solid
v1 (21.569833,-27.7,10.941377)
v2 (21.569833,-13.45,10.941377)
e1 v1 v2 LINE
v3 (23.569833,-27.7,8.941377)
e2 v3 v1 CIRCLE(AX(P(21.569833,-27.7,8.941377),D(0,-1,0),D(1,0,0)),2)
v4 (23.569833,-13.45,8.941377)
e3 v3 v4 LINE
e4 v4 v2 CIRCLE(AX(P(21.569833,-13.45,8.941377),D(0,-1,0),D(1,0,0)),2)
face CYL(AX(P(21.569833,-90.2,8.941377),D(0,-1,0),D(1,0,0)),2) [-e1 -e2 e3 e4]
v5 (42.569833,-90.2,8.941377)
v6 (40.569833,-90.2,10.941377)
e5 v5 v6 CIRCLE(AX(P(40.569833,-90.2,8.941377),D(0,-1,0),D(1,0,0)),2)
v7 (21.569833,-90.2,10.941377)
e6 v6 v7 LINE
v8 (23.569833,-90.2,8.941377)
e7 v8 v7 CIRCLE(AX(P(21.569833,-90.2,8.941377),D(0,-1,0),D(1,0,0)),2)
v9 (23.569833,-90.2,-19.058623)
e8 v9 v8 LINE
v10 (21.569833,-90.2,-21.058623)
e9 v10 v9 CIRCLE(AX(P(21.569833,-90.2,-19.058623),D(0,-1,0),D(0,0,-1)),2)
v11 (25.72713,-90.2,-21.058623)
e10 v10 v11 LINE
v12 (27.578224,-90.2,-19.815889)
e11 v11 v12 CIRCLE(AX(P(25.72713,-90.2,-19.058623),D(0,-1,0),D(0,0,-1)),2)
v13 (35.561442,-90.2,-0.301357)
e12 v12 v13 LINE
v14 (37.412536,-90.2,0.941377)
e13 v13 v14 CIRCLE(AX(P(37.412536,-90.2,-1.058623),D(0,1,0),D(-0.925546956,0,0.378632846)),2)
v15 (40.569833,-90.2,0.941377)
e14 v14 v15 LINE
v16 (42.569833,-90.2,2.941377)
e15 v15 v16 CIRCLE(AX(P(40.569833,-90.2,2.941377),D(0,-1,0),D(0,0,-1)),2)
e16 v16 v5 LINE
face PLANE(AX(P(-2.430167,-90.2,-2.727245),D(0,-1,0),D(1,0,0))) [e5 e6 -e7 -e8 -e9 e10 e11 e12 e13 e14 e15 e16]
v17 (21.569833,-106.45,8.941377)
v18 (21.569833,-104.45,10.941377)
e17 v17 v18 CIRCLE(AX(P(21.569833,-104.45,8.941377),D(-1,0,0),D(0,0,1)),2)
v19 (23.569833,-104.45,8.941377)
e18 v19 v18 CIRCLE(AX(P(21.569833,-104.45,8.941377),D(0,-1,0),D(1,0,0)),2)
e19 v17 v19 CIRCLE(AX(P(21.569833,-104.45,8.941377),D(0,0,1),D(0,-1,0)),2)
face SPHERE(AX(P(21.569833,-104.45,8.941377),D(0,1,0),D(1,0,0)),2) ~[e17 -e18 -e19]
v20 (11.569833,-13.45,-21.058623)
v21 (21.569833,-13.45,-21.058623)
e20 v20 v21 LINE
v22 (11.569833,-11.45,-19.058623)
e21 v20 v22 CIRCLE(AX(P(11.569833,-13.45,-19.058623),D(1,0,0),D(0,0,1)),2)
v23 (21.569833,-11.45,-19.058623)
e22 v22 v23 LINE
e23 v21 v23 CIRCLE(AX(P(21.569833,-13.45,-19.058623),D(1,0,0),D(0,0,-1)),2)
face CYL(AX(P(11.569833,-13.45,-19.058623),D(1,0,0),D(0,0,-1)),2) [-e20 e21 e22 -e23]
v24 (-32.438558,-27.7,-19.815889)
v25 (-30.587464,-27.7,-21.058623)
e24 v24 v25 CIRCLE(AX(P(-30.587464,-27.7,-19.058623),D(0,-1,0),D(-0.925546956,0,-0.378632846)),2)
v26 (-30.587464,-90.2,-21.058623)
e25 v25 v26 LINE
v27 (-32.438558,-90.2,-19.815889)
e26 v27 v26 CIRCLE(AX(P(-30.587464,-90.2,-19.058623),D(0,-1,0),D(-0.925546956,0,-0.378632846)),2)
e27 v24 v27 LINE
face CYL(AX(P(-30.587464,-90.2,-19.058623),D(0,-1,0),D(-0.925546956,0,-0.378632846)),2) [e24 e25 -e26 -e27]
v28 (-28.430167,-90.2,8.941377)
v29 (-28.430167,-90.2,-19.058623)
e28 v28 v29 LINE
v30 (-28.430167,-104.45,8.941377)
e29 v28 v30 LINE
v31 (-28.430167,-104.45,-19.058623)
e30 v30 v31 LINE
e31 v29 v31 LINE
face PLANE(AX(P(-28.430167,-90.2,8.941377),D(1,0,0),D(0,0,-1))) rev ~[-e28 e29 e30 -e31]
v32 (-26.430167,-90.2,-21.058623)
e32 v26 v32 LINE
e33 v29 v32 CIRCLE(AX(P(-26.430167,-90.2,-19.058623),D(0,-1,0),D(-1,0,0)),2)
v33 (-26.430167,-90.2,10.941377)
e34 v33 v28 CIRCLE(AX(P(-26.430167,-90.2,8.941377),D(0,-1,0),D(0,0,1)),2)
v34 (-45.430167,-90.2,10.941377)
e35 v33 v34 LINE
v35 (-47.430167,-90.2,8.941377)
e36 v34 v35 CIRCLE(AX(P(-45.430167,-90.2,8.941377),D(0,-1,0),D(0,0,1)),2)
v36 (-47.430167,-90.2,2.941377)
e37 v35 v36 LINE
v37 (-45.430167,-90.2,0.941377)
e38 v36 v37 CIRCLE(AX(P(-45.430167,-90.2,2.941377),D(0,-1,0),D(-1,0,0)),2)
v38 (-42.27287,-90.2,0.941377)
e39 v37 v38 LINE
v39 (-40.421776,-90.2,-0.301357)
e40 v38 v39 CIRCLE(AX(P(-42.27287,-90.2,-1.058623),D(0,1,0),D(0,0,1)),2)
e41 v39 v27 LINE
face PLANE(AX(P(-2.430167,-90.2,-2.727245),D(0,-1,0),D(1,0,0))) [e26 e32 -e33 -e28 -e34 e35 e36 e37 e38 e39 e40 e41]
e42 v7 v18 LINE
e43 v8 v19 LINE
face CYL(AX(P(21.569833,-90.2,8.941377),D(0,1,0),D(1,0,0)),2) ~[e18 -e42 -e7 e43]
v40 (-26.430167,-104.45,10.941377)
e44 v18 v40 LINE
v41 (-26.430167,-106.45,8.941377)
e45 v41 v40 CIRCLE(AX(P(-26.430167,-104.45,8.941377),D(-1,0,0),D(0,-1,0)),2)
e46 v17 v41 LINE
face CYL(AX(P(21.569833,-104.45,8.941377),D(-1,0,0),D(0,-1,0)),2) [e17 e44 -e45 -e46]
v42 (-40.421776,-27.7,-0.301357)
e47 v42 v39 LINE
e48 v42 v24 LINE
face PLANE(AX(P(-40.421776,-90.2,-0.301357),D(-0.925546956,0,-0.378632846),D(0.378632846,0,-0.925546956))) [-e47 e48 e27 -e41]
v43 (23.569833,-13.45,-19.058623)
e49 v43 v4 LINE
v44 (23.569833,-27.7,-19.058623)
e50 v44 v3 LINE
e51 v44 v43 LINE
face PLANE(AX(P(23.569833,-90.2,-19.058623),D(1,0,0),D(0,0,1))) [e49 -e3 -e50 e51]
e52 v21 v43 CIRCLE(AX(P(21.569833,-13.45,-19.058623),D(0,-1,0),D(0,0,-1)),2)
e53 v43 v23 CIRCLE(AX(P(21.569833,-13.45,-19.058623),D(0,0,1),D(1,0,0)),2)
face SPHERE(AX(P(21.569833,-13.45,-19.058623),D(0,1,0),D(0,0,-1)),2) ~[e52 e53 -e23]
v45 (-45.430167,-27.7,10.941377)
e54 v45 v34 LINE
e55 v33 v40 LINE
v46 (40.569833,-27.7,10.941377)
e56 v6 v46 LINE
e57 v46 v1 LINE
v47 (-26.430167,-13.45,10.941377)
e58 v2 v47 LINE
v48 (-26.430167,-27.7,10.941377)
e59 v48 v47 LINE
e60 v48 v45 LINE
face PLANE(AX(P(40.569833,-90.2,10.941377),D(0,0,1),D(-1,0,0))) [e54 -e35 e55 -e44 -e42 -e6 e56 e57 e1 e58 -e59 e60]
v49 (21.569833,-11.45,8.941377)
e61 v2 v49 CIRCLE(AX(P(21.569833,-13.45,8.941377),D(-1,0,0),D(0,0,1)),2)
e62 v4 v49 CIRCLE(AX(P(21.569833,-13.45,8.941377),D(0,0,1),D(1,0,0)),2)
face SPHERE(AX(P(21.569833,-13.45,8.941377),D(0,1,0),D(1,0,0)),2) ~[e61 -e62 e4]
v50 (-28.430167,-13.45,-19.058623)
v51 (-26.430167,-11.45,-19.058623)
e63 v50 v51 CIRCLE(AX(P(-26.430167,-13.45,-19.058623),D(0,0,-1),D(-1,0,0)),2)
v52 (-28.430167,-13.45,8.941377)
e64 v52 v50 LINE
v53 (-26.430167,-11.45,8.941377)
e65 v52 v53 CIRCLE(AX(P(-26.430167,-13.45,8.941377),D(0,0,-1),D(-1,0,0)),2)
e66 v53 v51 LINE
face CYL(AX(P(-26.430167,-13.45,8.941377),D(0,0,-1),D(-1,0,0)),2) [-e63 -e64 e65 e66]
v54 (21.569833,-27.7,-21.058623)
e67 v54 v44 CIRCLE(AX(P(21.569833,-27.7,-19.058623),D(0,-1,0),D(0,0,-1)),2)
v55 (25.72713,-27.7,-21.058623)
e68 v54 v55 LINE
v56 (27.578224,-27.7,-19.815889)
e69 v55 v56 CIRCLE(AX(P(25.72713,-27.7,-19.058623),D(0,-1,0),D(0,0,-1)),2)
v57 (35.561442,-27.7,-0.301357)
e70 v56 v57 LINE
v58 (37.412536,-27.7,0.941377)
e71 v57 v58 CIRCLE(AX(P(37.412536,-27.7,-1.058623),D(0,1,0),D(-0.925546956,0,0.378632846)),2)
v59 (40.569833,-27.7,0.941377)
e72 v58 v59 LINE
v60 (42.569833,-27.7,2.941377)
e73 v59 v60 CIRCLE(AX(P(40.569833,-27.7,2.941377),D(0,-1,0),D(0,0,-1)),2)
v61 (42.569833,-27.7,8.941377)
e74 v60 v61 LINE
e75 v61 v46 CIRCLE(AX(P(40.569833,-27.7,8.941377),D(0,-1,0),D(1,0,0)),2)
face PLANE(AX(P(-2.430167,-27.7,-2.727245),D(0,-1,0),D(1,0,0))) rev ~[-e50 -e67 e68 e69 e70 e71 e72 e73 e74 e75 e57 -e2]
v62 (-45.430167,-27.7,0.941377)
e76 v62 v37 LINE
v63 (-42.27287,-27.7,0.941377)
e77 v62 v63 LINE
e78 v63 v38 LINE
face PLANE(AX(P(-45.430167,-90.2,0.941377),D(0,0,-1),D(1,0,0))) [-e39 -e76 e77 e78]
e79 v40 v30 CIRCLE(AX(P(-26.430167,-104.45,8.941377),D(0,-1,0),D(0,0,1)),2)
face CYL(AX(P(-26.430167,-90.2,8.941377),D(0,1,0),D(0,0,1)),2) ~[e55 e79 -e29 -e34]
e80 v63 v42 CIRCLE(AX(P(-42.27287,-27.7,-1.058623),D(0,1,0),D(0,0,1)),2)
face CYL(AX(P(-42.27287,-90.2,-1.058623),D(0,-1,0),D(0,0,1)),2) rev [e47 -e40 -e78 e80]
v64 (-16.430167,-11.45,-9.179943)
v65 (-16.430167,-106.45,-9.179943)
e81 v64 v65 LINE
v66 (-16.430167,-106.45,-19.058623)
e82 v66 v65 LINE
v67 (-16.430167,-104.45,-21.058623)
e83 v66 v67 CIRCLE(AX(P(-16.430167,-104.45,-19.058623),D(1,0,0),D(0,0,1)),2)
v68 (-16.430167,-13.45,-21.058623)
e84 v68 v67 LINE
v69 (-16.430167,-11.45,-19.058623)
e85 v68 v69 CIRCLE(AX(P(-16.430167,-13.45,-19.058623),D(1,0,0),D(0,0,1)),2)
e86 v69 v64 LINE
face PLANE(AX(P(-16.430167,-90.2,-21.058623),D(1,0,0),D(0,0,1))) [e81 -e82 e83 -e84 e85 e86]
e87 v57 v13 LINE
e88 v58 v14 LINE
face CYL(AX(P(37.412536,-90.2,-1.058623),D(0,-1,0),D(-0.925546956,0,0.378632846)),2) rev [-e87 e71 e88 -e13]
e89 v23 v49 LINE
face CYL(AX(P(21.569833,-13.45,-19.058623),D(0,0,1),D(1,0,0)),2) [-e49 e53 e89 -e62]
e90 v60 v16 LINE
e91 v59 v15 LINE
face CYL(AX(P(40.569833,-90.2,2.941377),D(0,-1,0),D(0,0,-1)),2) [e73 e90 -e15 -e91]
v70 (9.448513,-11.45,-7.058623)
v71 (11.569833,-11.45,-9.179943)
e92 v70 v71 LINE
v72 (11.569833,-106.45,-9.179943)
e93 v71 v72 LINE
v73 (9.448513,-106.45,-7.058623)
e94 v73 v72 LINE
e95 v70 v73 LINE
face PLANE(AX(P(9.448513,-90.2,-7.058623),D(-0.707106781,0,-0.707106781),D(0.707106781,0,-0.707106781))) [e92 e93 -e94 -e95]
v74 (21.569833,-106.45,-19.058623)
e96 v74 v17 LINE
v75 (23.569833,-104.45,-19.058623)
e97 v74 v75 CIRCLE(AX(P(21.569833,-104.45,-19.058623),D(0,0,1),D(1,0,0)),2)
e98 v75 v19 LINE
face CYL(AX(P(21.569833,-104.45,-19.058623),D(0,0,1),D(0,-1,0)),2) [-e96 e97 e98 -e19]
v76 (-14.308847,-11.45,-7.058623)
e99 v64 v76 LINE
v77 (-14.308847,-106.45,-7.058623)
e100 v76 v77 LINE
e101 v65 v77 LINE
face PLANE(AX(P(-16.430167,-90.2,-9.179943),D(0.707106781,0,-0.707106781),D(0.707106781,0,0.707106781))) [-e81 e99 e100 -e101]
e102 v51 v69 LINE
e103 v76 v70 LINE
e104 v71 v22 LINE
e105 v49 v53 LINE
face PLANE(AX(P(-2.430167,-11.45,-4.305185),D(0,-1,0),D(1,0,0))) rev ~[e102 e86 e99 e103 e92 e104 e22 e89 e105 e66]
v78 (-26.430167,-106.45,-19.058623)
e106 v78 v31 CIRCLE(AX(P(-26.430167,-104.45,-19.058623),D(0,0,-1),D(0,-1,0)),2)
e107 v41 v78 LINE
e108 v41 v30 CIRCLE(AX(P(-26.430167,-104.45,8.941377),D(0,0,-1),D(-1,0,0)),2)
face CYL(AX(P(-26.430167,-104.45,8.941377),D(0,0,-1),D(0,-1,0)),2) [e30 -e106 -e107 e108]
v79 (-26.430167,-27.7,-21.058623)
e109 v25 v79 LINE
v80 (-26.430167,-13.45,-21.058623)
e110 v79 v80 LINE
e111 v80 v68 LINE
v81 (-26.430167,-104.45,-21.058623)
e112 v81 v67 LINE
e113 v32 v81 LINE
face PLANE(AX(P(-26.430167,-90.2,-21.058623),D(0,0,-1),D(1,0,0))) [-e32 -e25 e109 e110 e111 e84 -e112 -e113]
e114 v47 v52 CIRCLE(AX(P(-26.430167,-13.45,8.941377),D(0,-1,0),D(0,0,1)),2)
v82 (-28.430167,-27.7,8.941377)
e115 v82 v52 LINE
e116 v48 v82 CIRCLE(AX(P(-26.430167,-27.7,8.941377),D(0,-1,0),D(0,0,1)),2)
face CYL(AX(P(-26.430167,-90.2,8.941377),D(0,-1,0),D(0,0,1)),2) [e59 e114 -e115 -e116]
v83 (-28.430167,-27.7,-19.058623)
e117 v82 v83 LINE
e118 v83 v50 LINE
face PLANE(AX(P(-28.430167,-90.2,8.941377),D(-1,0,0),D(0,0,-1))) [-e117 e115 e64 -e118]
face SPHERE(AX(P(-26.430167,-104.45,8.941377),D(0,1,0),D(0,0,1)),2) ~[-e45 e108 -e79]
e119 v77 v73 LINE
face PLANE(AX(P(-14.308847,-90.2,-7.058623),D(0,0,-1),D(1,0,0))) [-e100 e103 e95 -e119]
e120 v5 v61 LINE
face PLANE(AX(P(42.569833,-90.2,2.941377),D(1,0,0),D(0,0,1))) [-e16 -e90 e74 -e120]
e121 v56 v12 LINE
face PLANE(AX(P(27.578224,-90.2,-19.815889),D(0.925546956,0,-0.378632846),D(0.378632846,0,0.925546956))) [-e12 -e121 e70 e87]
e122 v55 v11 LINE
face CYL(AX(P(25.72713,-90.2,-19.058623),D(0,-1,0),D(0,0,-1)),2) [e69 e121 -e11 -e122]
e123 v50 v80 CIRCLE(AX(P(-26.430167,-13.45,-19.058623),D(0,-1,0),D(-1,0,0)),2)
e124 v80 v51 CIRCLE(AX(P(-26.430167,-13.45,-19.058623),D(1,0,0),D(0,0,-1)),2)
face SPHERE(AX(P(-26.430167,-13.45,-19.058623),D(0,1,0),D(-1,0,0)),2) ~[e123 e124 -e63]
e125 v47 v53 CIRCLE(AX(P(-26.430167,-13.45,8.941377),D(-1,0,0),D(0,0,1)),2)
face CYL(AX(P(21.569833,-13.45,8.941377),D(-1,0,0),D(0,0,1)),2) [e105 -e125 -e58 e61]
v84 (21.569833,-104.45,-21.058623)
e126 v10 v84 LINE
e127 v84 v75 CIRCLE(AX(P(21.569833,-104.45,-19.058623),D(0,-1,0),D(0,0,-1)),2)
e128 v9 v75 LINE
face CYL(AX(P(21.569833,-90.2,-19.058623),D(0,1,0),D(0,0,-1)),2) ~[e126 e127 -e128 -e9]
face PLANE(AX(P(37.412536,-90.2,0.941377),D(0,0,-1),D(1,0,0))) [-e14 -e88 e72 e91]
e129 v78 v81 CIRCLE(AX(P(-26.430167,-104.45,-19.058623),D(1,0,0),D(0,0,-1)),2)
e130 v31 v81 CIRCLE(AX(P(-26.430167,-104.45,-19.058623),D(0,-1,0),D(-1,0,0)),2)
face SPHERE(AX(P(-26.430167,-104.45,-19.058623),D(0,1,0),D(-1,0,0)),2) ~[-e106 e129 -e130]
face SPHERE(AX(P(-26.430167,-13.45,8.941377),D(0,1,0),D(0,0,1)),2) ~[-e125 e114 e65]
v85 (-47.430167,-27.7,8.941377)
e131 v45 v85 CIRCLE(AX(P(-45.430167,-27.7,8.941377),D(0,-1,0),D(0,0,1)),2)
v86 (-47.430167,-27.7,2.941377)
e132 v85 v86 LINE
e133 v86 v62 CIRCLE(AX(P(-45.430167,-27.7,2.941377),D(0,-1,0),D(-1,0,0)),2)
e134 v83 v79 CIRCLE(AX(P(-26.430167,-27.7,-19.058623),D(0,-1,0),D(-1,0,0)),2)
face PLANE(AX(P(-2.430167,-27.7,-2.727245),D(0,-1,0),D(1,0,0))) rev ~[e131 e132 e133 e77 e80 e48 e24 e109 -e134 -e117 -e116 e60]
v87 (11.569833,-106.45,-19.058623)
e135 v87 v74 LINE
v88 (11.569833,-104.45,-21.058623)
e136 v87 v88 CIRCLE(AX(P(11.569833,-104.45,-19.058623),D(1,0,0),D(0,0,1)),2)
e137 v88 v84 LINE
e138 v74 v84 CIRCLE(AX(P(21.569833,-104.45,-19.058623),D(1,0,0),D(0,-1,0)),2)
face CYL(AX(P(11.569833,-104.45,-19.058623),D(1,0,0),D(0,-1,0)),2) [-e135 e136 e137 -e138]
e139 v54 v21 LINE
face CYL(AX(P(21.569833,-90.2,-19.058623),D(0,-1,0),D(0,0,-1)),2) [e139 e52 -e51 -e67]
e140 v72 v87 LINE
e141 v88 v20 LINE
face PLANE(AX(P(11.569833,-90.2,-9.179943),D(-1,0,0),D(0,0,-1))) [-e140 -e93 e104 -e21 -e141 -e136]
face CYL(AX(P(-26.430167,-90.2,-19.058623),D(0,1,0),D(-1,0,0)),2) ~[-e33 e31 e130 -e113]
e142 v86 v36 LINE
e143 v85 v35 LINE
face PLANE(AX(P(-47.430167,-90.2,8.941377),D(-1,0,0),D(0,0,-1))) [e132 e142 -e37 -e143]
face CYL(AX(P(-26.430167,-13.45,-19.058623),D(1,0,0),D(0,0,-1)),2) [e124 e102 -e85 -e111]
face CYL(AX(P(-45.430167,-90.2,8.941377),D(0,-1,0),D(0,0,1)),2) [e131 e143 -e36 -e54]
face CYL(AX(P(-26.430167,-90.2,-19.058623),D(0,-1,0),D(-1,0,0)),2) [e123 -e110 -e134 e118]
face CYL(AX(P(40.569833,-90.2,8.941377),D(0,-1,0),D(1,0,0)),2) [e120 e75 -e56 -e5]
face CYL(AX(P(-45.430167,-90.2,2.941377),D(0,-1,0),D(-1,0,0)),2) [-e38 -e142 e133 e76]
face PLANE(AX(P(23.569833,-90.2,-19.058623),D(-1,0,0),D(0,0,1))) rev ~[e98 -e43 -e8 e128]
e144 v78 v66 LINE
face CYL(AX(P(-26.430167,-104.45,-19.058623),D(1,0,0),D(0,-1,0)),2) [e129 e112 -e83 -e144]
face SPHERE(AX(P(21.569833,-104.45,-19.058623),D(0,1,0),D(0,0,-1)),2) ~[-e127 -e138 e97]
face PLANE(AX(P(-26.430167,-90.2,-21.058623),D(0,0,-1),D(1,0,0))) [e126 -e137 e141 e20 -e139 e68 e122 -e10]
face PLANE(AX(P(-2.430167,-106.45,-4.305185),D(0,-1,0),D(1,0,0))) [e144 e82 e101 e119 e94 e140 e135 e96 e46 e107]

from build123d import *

# Parameters (mm, degrees)
F0_W          = 90
F0_H          = 32
F1_DEPTH      = 65.2
F3_DEPTH      = 25
F4_W          = 90
F4_H          = 65.2
F5_DEPTH      = 32.001
F6_DEPTH      = 62.5
F8_DEPTH      = 16.25
F8_DEPTH_BACK = 78.75
F9_R          = 2
F11_DEPTH     = 78.751


with BuildPart() as f1:
    # F0 (on Front) → F1 (new body)
    with BuildSketch(Plane.XZ):
        with Locations((-2.4301670492, -5.0586230417)):
            Rectangle(F0_W, F0_H)
    extrude(amount=F1_DEPTH)

    # F2 (on face) → F3 (join)
    with BuildSketch(Plane.XZ.offset(65.2)):
        with BuildLine():
            Line((40.5698329508, 10.9413769583), (-45.4301670492, 10.9413769583))
            ThreePointArc((-45.4301670492, 10.9413769583), (-46.8443806115, 10.3555905207), (-47.4301670492, 8.9413769583))
            Line((-47.4301670492, 8.9413769583), (-47.4301670492, 2.9413769583))
            ThreePointArc((-47.4301670492, 2.9413769583), (-46.8443806115, 1.5271633959), (-45.4301670492, 0.9413769583))
            Line((-45.4301670492, 0.9413769583), (-42.2728696535, 0.9413769583))
            ThreePointArc((-42.2728696535, 0.9413769583), (-41.1580897163, 0.6018785968), (-40.4217757411, -0.3013573503))
            Line((-40.4217757411, -0.3013573503), (-32.4385583572, -19.8158887331))
            ThreePointArc((-32.4385583572, -19.8158887331), (-31.7022443821, -20.7191246802), (-30.5874644448, -21.0586230417))
            Line((-30.5874644448, -21.0586230417), (25.7271303465, -21.0586230417))
            ThreePointArc((25.7271303465, -21.0586230417), (26.8419102837, -20.7191246802), (27.5782242589, -19.8158887331))
            Line((27.5782242589, -19.8158887331), (35.5614416428, -0.3013573503))
            ThreePointArc((35.5614416428, -0.3013573503), (36.2977556179, 0.6018785968), (37.4125355552, 0.9413769583))
            Line((37.4125355552, 0.9413769583), (40.5698329508, 0.9413769583))
            ThreePointArc((40.5698329508, 0.9413769583), (41.9840465132, 1.5271633959), (42.5698329508, 2.9413769583))
            Line((42.5698329508, 2.9413769583), (42.5698329508, 8.9413769583))
            ThreePointArc((42.5698329508, 8.9413769583), (41.9840465132, 10.3555905207), (40.5698329508, 10.9413769583))
        make_face()
    extrude(amount=F3_DEPTH)

    # F4 (on face) → F5 (cut, through all)
    with BuildSketch(Plane.XY.offset(10.9413769583)):
        with Locations((-2.4301670492, -32.6)):
            Rectangle(F4_W, F4_H)
    extrude(amount=-F5_DEPTH, mode=Mode.SUBTRACT)

    # F6 (add): a face of the model
    f6_faces = [f1.faces().sort_by_distance(p)[0] for p in [
        (-2.4301670492, -90.2, -3.7537517767),
    ]]
    extrude(f6_faces, amount=-F6_DEPTH)

    # F7 (on face) → F8 (join, two sides)
    with BuildSketch(Plane.XZ.offset(90.2)) as f8_sk:
        with BuildLine():
            Line((21.5698329508, 10.9413769583), (-26.4301670492, 10.9413769583))
            ThreePointArc((-26.4301670492, 10.9413769583), (-27.8443806115, 10.3555905207), (-28.4301670492, 8.9413769583))
            Line((-28.4301670492, 8.9413769583), (-28.4301670492, -19.0586230417))
            ThreePointArc((-28.4301670492, -19.0586230417), (-27.8443806115, -20.4728366041), (-26.4301670492, -21.0586230417))
            Line((-26.4301670492, -21.0586230417), (-16.4301670492, -21.0586230417))
            Line((-16.4301670492, -21.0586230417), (-16.4301670492, -9.1799433853))
            Line((-16.4301670492, -9.1799433853), (-14.3088467056, -7.0586230417))
            Line((-14.3088467056, -7.0586230417), (9.4485126073, -7.0586230417))
            Line((9.4485126073, -7.0586230417), (11.5698329508, -9.1799433853))
            Line((11.5698329508, -9.1799433853), (11.5698329508, -21.0586230417))
            Line((11.5698329508, -21.0586230417), (21.5698329508, -21.0586230417))
            ThreePointArc((21.5698329508, -21.0586230417), (22.9840465132, -20.4728366041), (23.5698329508, -19.0586230417))
            Line((23.5698329508, -19.0586230417), (23.5698329508, 8.9413769583))
            ThreePointArc((23.5698329508, 8.9413769583), (22.9840465132, 10.3555905207), (21.5698329508, 10.9413769583))
        make_face()
    extrude(amount=F8_DEPTH)
    extrude(f8_sk.sketch, amount=-F8_DEPTH_BACK)

    # F9
    f9_edges = [f1.edges().sort_by_distance(p)[0] for p in [
        (-28.430167, -106.45, -5.058623),
        (-2.430167, -11.45, 10.941377),
    ]]
    fillet(f9_edges, radius=F9_R)

    # F10 (on face) → F11 (cut, through all)
    with BuildSketch(Plane.XZ.offset(90.2)):
        Polygon((-16.4301670492, -9.1799433853), (-16.4301670492, -21.0586230417), (11.5698329508, -21.0586230417), (11.5698329508, -9.1799433853), (9.4485126073, -7.0586230417), (-14.3088467056, -7.0586230417), align=None)
    extrude(amount=-F11_DEPTH, mode=Mode.SUBTRACT)


solid = f1.part
